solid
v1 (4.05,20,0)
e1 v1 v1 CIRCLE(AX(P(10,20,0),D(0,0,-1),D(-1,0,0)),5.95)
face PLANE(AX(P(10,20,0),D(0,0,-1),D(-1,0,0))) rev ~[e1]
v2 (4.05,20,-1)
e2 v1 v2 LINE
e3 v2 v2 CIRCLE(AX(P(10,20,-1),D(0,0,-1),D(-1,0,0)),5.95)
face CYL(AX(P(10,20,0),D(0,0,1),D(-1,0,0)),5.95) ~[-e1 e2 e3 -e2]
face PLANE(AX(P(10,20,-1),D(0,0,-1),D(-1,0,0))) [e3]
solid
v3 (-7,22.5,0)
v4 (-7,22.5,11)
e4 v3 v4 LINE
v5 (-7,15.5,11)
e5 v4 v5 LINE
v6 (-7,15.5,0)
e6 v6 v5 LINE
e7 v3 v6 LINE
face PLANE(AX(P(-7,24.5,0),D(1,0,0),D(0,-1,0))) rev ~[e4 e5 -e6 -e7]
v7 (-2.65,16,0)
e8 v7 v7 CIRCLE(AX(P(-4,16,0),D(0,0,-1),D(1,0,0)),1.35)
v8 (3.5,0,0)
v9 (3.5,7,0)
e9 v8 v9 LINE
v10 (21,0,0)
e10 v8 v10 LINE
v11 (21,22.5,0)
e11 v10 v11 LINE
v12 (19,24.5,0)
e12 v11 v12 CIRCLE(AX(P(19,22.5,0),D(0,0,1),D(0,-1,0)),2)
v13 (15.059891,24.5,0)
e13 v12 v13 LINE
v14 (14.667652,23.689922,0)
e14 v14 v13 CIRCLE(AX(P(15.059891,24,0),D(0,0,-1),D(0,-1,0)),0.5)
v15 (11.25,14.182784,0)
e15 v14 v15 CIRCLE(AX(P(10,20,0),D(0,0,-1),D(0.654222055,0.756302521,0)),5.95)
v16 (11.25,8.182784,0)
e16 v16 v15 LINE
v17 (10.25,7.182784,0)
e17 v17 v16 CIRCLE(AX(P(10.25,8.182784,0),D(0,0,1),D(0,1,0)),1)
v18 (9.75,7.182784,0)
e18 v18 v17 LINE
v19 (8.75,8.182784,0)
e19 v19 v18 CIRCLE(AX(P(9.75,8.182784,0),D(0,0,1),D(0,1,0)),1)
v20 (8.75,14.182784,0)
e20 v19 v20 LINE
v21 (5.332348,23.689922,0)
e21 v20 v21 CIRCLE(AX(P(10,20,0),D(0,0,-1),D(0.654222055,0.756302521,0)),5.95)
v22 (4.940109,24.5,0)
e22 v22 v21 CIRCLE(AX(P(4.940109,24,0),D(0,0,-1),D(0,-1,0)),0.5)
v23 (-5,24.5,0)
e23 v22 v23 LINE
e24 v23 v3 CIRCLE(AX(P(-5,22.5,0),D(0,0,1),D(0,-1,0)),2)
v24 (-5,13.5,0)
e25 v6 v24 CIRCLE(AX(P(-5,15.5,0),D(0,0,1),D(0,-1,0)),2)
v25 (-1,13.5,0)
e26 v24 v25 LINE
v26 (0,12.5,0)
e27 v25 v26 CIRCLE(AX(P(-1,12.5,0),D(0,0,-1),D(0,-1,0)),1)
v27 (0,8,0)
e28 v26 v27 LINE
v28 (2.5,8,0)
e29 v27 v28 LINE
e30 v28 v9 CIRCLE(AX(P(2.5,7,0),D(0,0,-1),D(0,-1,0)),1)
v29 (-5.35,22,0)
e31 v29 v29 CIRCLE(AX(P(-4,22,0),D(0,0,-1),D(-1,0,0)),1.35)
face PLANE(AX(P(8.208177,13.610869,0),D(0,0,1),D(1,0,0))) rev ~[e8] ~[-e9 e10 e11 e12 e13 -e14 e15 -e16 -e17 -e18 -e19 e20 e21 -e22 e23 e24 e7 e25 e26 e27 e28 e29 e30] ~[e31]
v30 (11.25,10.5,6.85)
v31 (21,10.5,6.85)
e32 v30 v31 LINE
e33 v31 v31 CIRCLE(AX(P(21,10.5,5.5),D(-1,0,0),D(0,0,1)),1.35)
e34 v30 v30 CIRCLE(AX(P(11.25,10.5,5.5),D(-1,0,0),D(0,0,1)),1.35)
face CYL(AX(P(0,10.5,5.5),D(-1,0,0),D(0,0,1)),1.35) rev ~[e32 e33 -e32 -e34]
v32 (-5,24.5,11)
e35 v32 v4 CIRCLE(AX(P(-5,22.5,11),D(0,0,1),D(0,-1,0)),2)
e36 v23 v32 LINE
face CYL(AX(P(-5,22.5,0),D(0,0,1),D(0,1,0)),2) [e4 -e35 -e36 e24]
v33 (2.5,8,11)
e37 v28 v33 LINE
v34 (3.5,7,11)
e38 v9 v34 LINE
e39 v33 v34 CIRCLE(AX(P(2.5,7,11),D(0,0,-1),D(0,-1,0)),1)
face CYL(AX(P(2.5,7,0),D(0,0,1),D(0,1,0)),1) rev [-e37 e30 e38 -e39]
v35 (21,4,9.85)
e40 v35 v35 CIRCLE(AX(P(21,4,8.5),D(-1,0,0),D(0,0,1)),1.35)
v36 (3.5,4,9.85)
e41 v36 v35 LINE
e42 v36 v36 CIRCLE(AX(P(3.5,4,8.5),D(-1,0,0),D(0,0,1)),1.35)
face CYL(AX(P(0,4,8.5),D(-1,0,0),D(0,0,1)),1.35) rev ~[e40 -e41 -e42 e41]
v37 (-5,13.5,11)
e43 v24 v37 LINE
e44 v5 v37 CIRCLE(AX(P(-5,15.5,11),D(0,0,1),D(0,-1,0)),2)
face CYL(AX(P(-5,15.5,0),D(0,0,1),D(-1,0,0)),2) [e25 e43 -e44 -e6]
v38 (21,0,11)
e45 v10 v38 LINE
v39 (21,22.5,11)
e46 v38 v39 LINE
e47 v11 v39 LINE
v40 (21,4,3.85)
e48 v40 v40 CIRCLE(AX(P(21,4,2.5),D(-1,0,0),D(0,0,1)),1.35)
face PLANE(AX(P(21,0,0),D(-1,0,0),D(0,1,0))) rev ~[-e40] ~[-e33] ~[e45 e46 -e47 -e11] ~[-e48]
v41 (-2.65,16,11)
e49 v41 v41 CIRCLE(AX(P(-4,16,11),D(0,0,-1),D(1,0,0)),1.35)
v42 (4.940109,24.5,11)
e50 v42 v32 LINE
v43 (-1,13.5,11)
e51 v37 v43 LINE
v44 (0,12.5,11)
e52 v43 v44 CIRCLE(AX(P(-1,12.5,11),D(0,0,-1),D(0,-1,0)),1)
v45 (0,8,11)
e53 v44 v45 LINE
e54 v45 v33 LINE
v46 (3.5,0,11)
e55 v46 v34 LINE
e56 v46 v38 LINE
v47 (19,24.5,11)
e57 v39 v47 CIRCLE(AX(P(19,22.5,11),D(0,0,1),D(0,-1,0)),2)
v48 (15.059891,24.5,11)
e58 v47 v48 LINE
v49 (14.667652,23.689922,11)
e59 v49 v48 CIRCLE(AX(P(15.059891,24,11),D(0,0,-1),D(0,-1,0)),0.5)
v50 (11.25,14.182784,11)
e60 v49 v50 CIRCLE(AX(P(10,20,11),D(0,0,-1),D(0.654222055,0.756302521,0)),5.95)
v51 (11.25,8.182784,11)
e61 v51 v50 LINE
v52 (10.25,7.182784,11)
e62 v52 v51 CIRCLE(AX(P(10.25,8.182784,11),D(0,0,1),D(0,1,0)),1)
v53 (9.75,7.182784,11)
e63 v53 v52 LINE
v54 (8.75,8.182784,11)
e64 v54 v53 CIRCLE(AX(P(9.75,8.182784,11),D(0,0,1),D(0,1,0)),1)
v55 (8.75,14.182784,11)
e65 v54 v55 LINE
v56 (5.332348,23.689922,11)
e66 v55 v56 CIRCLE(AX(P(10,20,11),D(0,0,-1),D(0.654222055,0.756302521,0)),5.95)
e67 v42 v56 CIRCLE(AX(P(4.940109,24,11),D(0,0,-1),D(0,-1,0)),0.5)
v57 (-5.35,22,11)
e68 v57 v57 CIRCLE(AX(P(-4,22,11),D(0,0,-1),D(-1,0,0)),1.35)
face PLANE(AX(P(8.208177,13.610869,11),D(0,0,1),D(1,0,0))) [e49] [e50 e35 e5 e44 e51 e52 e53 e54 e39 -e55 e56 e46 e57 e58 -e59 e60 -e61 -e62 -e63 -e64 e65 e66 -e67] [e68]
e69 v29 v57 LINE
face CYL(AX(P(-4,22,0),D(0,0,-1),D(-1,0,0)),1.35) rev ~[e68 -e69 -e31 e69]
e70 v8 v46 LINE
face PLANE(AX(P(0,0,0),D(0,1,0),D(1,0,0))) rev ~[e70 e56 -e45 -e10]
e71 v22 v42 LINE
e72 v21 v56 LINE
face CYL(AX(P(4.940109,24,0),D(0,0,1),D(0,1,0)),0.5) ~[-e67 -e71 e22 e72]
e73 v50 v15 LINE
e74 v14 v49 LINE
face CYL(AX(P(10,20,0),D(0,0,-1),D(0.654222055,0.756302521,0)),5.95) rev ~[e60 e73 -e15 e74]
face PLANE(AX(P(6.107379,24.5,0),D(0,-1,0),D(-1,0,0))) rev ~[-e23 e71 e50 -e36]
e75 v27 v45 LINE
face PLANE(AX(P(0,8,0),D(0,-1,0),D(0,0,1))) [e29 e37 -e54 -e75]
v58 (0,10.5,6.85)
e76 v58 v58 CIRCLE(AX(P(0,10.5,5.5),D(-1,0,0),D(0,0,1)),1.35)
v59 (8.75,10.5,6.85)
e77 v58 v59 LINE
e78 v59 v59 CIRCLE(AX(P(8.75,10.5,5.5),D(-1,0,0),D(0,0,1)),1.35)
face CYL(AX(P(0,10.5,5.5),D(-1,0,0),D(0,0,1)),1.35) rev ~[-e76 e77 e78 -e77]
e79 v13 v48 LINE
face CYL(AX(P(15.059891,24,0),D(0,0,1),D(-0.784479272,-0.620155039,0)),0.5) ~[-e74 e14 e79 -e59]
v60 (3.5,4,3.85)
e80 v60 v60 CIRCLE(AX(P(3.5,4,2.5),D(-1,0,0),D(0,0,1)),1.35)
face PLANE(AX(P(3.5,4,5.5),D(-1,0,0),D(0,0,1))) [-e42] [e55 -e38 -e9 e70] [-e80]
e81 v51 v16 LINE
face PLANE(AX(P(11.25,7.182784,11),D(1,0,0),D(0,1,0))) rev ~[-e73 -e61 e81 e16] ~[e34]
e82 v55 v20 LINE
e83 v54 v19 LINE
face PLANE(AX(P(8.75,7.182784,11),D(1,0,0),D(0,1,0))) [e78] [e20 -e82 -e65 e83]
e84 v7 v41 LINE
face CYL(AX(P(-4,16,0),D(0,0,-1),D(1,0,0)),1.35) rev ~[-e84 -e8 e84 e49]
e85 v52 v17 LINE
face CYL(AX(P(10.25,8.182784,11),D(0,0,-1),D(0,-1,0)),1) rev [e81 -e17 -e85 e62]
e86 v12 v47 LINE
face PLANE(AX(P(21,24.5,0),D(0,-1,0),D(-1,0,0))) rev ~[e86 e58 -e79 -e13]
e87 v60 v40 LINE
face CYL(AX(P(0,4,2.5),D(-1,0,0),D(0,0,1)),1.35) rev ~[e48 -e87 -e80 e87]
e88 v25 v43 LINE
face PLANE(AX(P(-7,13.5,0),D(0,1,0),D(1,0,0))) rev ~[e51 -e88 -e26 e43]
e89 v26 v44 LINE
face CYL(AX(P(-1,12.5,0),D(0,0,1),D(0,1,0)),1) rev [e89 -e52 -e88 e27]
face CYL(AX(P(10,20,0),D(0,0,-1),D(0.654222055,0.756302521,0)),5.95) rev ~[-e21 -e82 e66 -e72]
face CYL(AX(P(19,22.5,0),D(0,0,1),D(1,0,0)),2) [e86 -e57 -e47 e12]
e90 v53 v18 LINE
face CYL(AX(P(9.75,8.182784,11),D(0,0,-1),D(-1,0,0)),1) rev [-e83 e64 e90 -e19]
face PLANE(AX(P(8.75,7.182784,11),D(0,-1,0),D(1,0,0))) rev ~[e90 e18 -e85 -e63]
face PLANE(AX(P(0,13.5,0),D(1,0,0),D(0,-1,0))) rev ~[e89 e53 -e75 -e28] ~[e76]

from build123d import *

# Parameters (mm, degrees)
EXTRUDE_1_DEPTH     = 11
SKETCH_6_W          = 2.5
SKETCH_6_H          = 7
CUT_EXTRUDE_2_DEPTH = 35.091787867
SKETCH_2_R          = 1.35
CUT_EXTRUDE_1_DEPTH = 35.091787867
SKETCH_9_R          = 1.35
CUT_EXTRUDE_3_DEPTH = 35.091787867
SKETCH_7_R          = 5.95
EXTRUDE_3_DEPTH     = 1
SKETCH_10_W         = 11
SKETCH_10_H         = 8
CUT_EXTRUDE_4_DEPTH = 3.5
FILLET_2_R          = 0.5
FILLET_1_R          = 2
FILLET_3_R          = 1


with BuildPart() as part:
    # 草图1 → 凸台-拉伸1 (new body)
    with BuildSketch(Plane.XY):
        with BuildLine():
            Line((0, 0), (21, 0))
            Line((21, 0), (21, 24.5))
            Line((21, 24.5), (13.892621225, 24.5))
            ThreePointArc((13.892621225, 24.5), (10, 14.05), (6.107378775, 24.5))
            Line((6.107378775, 24.5), (0, 24.5))
            Line((0, 24.5), (-7, 24.5))
            Line((-7, 24.5), (-7, 13.5))
            Line((-7, 13.5), (0, 13.5))
            Line((0, 13.5), (0, 0))
        make_face()
    extrude(amount=EXTRUDE_1_DEPTH)

    # 草图6 → 切除-拉伸2 (cut, through all)
    with BuildSketch(Plane.XY.offset(11)):
        with Locations((10, 10.682784171)):
            Rectangle(SKETCH_6_W, SKETCH_6_H)
    extrude(amount=-CUT_EXTRUDE_2_DEPTH, mode=Mode.SUBTRACT)

    # 草图2 → 切除-拉伸1 (cut, through all)
    with BuildSketch(Plane.ZY):
        with Locations((5.5, 10.5)):
            Circle(SKETCH_2_R)
        with Locations((8.5, 4)):
            Circle(SKETCH_2_R)
        with Locations((2.5, 4)):
            Circle(SKETCH_2_R)
    extrude(amount=-CUT_EXTRUDE_1_DEPTH, mode=Mode.SUBTRACT)

    # 草图9 → 切除-拉伸3 (cut, through all)
    with BuildSketch(Plane(origin=(0, 0, 0), x_dir=(-1, 0, 0), z_dir=(0, 0, -1))):
        with Locations((4, 22)):
            Circle(SKETCH_9_R)
        with Locations(Location((4, 16, 0), (0, 0, 180))):
            Circle(SKETCH_9_R)
    extrude(amount=-CUT_EXTRUDE_3_DEPTH, mode=Mode.SUBTRACT)

    # 草图10 → 切除-拉伸4 (cut)
    with BuildSketch(Plane.ZY):
        with Locations((5.5, 4)):
            Rectangle(SKETCH_10_W, SKETCH_10_H)
    extrude(amount=-CUT_EXTRUDE_4_DEPTH, mode=Mode.SUBTRACT)

    # 圆角2
    fillet_2_edges = [part.edges().sort_by_distance(p)[0] for p in [
        (6.107378775, 24.5, 5.5),
        (13.892621225, 24.5, 5.5),
    ]]
    fillet(fillet_2_edges, radius=FILLET_2_R)

    # 圆角1
    fillet_1_edges = [part.edges().sort_by_distance(p)[0] for p in [
        (-7, 13.5, 5.5),
        (-7, 24.5, 5.5),
        (21, 24.5, 5.5),
    ]]
    fillet(fillet_1_edges, radius=FILLET_1_R)

    # 圆角3
    fillet_3_edges = [part.edges().sort_by_distance(p)[0] for p in [
        (0, 13.5, 5.5),
        (11.25, 7.182784171, 5.5),
        (8.75, 7.182784171, 5.5),
        (3.5, 8, 5.5),
    ]]
    fillet(fillet_3_edges, radius=FILLET_3_R)


with BuildPart() as body_2:
    # 草图7 → 凸台-拉伸3 (new body)
    with BuildSketch(Plane(origin=(0, 0, 0), x_dir=(-1, 0, 0), z_dir=(0, 0, -1))):
        with Locations((-10, 20)):
            Circle(SKETCH_7_R)
    extrude(amount=EXTRUDE_3_DEPTH)


solid = Compound([part.part, body_2.part])
